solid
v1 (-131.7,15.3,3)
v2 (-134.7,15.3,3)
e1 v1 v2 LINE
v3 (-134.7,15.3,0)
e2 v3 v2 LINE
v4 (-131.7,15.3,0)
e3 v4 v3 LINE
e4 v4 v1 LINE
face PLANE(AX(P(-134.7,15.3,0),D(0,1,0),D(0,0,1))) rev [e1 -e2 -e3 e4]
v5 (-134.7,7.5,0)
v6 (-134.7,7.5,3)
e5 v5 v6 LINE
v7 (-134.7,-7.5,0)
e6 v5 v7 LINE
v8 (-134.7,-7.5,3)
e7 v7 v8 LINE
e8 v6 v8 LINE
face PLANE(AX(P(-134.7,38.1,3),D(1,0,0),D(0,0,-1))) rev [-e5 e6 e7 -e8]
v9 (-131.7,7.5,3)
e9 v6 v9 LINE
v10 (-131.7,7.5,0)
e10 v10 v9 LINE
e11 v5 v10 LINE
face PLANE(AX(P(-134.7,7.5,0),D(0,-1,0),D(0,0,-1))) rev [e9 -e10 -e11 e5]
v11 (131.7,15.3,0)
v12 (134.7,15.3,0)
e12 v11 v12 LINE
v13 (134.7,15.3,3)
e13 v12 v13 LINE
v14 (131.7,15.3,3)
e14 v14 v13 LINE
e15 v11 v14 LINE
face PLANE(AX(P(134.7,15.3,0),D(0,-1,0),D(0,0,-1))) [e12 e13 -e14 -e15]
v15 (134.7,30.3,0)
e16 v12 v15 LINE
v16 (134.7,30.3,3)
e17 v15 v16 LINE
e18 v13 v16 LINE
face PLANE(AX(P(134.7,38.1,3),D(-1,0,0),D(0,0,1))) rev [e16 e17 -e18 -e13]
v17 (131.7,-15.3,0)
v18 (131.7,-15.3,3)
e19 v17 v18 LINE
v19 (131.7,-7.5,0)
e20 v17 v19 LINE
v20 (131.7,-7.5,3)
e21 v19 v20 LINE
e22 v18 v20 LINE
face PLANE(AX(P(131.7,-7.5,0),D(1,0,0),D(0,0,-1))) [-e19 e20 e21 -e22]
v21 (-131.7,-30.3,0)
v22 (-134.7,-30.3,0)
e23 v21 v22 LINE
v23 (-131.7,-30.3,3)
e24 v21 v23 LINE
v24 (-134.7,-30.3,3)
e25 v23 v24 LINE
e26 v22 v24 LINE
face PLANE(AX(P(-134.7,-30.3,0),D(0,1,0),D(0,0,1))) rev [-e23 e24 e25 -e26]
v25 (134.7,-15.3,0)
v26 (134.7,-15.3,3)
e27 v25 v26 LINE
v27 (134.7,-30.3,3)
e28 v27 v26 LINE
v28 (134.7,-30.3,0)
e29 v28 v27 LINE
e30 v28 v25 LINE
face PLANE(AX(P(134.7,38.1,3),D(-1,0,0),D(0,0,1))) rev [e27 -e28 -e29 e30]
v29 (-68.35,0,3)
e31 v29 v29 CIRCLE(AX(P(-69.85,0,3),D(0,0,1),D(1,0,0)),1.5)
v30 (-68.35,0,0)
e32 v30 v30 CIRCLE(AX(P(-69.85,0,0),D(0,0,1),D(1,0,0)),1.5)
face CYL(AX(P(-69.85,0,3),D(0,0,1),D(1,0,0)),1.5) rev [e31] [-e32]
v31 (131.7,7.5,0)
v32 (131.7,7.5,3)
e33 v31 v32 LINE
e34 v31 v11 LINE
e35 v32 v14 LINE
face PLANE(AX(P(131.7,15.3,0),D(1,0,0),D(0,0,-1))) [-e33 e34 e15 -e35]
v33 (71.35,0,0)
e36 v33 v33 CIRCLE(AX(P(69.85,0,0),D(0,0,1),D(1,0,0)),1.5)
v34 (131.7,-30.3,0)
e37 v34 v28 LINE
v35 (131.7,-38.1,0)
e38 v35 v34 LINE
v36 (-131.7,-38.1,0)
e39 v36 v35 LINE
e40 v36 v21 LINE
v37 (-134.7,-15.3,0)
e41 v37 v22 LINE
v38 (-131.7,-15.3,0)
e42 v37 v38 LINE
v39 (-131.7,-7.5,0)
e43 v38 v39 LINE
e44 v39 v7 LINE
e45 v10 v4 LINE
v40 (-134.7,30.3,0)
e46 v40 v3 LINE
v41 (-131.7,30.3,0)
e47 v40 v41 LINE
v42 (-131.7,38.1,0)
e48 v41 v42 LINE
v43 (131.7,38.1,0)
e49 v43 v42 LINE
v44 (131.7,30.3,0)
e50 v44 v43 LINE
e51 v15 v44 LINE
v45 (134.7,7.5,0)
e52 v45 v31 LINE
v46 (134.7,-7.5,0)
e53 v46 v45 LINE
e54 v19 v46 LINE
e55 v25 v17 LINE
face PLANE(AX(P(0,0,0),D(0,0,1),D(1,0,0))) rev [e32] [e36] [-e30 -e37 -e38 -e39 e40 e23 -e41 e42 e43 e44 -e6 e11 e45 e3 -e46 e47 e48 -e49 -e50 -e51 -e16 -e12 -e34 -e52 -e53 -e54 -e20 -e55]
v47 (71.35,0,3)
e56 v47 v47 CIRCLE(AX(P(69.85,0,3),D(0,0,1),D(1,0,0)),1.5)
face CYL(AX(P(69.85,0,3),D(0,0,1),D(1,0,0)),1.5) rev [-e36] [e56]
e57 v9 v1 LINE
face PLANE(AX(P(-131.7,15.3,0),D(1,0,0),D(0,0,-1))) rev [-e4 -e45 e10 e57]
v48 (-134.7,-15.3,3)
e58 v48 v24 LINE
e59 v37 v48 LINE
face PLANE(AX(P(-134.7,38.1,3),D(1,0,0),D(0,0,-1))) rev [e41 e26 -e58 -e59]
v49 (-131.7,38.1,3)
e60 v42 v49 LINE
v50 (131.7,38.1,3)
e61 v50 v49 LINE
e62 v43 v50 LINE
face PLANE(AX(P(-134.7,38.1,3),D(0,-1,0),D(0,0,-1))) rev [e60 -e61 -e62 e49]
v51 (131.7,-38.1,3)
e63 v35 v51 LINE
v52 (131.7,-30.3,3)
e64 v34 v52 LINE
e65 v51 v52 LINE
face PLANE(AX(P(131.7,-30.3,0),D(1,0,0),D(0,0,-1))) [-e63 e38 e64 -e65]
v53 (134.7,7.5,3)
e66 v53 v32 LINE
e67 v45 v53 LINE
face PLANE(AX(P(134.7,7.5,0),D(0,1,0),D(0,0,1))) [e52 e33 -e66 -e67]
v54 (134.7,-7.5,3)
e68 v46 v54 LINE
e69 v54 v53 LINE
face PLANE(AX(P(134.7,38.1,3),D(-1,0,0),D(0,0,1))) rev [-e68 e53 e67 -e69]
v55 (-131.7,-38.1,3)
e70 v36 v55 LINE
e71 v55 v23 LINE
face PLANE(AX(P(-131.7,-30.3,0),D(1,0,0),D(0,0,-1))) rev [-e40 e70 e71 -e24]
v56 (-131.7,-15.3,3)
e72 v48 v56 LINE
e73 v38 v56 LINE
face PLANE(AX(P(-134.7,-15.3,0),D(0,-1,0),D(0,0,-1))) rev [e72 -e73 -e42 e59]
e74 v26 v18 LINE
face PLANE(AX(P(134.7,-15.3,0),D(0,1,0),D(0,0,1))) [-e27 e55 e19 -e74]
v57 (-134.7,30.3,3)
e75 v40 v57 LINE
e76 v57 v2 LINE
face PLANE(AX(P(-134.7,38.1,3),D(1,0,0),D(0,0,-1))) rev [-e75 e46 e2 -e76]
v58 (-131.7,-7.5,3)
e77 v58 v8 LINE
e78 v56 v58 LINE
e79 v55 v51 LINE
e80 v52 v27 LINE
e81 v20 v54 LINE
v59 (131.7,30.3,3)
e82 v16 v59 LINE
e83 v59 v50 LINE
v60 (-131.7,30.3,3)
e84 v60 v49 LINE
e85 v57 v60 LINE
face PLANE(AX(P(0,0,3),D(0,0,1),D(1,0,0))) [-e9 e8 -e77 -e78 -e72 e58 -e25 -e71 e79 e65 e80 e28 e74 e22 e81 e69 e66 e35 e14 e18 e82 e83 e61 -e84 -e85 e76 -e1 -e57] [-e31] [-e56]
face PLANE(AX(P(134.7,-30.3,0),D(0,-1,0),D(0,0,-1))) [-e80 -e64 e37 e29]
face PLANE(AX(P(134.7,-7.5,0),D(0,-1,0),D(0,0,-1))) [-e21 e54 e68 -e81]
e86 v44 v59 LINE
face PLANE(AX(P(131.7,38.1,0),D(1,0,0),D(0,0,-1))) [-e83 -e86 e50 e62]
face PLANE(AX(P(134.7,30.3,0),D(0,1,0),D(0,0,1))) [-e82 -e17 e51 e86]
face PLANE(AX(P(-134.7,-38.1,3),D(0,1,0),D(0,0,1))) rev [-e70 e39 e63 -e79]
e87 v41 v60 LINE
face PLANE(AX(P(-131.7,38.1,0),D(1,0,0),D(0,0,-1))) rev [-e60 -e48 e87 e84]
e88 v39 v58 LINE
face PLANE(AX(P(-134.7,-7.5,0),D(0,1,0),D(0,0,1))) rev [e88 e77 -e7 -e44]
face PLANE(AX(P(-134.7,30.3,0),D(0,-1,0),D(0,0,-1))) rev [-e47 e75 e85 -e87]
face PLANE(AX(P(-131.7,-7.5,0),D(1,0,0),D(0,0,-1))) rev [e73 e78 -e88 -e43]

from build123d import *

# Parameters (mm, degrees)
SKETCH1_W                       = 269.4
SKETCH1_H                       = 76.2
BOSS_EXTRUDE1_DEPTH             = 3
SKETCH2_W                       = 3
SKETCH2_H                       = 7.8
CUT_EXTRUDE1_DEPTH              = 141.016784708
LPATTERN1_COUNT                 = 4
LPATTERN1_PITCH                 = 22.8
MIRROR1_COPY_1_SKETCH_W         = 3
MIRROR1_COPY_1_SKETCH_H         = 7.8
MIRROR1_COPY_1_DEPTH            = 141.016784708
MIRROR1_COPY_2_SKETCH_W         = 3
MIRROR1_COPY_2_SKETCH_H         = 7.8
MIRROR1_COPY_2_DEPTH            = 141.016784708
MIRROR1_COPY_3_SKETCH_W         = 3
MIRROR1_COPY_3_SKETCH_H         = 7.8
MIRROR1_COPY_3_DEPTH            = 141.016784708
F_3_0MM_CLEARANCE_DOWEL_HOLE1_D = 3


with BuildPart() as part:
    # Sketch1 → Boss-Extrude1 (new body)
    with BuildSketch(Plane.XY):
        Rectangle(SKETCH1_W, SKETCH1_H)
    extrude(amount=BOSS_EXTRUDE1_DEPTH)

    # Sketch2 → Cut-Extrude1 (cut, through all)
    with BuildSketch(Plane.XY.offset(3)):
        with Locations((-133.2, 34.2)):
            Rectangle(SKETCH2_W, SKETCH2_H)
    cut_extrude1 = extrude(amount=-CUT_EXTRUDE1_DEPTH, mode=Mode.SUBTRACT)

    # LPattern1: Cut-Extrude1 ×4
    with Locations(*[(0, -i * LPATTERN1_PITCH, 0) for i in range(1, LPATTERN1_COUNT)]):
        add(cut_extrude1, mode=Mode.SUBTRACT)

    # Mirror1: Cut-Extrude1 across plane
    add(cut_extrude1.mirror(Plane(origin=(0, 0, 0), x_dir=(0, 0, 1), z_dir=(1, 0, 0))), mode=Mode.SUBTRACT)

    # Mirror1 copy 1 sketch → Mirror1 copy 1 (cut, through all)
    with BuildSketch(Plane(origin=(0, -22.8, 3), x_dir=(-1, 0, 0), z_dir=(0, 0, 1))):
        with Locations((-133.2, -34.2)):
            Rectangle(MIRROR1_COPY_1_SKETCH_W, MIRROR1_COPY_1_SKETCH_H)
    extrude(amount=-MIRROR1_COPY_1_DEPTH, mode=Mode.SUBTRACT)

    # Mirror1 copy 2 sketch → Mirror1 copy 2 (cut, through all)
    with BuildSketch(Plane(origin=(0, -45.6, 3), x_dir=(-1, 0, 0), z_dir=(0, 0, 1))):
        with Locations((-133.2, -34.2)):
            Rectangle(MIRROR1_COPY_2_SKETCH_W, MIRROR1_COPY_2_SKETCH_H)
    extrude(amount=-MIRROR1_COPY_2_DEPTH, mode=Mode.SUBTRACT)

    # Mirror1 copy 3 sketch → Mirror1 copy 3 (cut, through all)
    with BuildSketch(Plane(origin=(0, -68.4, 3), x_dir=(-1, 0, 0), z_dir=(0, 0, 1))):
        with Locations((-133.2, -34.2)):
            Rectangle(MIRROR1_COPY_3_SKETCH_W, MIRROR1_COPY_3_SKETCH_H)
    extrude(amount=-MIRROR1_COPY_3_DEPTH, mode=Mode.SUBTRACT)

    # Ø3.0mm Clearance Dowel Hole1 (through all)
    with Locations(Plane.XY.offset(3)):
        with Locations((-69.85, 0), (69.85, 0)):
            Hole(F_3_0MM_CLEARANCE_DOWEL_HOLE1_D / 2)


solid = part.part
